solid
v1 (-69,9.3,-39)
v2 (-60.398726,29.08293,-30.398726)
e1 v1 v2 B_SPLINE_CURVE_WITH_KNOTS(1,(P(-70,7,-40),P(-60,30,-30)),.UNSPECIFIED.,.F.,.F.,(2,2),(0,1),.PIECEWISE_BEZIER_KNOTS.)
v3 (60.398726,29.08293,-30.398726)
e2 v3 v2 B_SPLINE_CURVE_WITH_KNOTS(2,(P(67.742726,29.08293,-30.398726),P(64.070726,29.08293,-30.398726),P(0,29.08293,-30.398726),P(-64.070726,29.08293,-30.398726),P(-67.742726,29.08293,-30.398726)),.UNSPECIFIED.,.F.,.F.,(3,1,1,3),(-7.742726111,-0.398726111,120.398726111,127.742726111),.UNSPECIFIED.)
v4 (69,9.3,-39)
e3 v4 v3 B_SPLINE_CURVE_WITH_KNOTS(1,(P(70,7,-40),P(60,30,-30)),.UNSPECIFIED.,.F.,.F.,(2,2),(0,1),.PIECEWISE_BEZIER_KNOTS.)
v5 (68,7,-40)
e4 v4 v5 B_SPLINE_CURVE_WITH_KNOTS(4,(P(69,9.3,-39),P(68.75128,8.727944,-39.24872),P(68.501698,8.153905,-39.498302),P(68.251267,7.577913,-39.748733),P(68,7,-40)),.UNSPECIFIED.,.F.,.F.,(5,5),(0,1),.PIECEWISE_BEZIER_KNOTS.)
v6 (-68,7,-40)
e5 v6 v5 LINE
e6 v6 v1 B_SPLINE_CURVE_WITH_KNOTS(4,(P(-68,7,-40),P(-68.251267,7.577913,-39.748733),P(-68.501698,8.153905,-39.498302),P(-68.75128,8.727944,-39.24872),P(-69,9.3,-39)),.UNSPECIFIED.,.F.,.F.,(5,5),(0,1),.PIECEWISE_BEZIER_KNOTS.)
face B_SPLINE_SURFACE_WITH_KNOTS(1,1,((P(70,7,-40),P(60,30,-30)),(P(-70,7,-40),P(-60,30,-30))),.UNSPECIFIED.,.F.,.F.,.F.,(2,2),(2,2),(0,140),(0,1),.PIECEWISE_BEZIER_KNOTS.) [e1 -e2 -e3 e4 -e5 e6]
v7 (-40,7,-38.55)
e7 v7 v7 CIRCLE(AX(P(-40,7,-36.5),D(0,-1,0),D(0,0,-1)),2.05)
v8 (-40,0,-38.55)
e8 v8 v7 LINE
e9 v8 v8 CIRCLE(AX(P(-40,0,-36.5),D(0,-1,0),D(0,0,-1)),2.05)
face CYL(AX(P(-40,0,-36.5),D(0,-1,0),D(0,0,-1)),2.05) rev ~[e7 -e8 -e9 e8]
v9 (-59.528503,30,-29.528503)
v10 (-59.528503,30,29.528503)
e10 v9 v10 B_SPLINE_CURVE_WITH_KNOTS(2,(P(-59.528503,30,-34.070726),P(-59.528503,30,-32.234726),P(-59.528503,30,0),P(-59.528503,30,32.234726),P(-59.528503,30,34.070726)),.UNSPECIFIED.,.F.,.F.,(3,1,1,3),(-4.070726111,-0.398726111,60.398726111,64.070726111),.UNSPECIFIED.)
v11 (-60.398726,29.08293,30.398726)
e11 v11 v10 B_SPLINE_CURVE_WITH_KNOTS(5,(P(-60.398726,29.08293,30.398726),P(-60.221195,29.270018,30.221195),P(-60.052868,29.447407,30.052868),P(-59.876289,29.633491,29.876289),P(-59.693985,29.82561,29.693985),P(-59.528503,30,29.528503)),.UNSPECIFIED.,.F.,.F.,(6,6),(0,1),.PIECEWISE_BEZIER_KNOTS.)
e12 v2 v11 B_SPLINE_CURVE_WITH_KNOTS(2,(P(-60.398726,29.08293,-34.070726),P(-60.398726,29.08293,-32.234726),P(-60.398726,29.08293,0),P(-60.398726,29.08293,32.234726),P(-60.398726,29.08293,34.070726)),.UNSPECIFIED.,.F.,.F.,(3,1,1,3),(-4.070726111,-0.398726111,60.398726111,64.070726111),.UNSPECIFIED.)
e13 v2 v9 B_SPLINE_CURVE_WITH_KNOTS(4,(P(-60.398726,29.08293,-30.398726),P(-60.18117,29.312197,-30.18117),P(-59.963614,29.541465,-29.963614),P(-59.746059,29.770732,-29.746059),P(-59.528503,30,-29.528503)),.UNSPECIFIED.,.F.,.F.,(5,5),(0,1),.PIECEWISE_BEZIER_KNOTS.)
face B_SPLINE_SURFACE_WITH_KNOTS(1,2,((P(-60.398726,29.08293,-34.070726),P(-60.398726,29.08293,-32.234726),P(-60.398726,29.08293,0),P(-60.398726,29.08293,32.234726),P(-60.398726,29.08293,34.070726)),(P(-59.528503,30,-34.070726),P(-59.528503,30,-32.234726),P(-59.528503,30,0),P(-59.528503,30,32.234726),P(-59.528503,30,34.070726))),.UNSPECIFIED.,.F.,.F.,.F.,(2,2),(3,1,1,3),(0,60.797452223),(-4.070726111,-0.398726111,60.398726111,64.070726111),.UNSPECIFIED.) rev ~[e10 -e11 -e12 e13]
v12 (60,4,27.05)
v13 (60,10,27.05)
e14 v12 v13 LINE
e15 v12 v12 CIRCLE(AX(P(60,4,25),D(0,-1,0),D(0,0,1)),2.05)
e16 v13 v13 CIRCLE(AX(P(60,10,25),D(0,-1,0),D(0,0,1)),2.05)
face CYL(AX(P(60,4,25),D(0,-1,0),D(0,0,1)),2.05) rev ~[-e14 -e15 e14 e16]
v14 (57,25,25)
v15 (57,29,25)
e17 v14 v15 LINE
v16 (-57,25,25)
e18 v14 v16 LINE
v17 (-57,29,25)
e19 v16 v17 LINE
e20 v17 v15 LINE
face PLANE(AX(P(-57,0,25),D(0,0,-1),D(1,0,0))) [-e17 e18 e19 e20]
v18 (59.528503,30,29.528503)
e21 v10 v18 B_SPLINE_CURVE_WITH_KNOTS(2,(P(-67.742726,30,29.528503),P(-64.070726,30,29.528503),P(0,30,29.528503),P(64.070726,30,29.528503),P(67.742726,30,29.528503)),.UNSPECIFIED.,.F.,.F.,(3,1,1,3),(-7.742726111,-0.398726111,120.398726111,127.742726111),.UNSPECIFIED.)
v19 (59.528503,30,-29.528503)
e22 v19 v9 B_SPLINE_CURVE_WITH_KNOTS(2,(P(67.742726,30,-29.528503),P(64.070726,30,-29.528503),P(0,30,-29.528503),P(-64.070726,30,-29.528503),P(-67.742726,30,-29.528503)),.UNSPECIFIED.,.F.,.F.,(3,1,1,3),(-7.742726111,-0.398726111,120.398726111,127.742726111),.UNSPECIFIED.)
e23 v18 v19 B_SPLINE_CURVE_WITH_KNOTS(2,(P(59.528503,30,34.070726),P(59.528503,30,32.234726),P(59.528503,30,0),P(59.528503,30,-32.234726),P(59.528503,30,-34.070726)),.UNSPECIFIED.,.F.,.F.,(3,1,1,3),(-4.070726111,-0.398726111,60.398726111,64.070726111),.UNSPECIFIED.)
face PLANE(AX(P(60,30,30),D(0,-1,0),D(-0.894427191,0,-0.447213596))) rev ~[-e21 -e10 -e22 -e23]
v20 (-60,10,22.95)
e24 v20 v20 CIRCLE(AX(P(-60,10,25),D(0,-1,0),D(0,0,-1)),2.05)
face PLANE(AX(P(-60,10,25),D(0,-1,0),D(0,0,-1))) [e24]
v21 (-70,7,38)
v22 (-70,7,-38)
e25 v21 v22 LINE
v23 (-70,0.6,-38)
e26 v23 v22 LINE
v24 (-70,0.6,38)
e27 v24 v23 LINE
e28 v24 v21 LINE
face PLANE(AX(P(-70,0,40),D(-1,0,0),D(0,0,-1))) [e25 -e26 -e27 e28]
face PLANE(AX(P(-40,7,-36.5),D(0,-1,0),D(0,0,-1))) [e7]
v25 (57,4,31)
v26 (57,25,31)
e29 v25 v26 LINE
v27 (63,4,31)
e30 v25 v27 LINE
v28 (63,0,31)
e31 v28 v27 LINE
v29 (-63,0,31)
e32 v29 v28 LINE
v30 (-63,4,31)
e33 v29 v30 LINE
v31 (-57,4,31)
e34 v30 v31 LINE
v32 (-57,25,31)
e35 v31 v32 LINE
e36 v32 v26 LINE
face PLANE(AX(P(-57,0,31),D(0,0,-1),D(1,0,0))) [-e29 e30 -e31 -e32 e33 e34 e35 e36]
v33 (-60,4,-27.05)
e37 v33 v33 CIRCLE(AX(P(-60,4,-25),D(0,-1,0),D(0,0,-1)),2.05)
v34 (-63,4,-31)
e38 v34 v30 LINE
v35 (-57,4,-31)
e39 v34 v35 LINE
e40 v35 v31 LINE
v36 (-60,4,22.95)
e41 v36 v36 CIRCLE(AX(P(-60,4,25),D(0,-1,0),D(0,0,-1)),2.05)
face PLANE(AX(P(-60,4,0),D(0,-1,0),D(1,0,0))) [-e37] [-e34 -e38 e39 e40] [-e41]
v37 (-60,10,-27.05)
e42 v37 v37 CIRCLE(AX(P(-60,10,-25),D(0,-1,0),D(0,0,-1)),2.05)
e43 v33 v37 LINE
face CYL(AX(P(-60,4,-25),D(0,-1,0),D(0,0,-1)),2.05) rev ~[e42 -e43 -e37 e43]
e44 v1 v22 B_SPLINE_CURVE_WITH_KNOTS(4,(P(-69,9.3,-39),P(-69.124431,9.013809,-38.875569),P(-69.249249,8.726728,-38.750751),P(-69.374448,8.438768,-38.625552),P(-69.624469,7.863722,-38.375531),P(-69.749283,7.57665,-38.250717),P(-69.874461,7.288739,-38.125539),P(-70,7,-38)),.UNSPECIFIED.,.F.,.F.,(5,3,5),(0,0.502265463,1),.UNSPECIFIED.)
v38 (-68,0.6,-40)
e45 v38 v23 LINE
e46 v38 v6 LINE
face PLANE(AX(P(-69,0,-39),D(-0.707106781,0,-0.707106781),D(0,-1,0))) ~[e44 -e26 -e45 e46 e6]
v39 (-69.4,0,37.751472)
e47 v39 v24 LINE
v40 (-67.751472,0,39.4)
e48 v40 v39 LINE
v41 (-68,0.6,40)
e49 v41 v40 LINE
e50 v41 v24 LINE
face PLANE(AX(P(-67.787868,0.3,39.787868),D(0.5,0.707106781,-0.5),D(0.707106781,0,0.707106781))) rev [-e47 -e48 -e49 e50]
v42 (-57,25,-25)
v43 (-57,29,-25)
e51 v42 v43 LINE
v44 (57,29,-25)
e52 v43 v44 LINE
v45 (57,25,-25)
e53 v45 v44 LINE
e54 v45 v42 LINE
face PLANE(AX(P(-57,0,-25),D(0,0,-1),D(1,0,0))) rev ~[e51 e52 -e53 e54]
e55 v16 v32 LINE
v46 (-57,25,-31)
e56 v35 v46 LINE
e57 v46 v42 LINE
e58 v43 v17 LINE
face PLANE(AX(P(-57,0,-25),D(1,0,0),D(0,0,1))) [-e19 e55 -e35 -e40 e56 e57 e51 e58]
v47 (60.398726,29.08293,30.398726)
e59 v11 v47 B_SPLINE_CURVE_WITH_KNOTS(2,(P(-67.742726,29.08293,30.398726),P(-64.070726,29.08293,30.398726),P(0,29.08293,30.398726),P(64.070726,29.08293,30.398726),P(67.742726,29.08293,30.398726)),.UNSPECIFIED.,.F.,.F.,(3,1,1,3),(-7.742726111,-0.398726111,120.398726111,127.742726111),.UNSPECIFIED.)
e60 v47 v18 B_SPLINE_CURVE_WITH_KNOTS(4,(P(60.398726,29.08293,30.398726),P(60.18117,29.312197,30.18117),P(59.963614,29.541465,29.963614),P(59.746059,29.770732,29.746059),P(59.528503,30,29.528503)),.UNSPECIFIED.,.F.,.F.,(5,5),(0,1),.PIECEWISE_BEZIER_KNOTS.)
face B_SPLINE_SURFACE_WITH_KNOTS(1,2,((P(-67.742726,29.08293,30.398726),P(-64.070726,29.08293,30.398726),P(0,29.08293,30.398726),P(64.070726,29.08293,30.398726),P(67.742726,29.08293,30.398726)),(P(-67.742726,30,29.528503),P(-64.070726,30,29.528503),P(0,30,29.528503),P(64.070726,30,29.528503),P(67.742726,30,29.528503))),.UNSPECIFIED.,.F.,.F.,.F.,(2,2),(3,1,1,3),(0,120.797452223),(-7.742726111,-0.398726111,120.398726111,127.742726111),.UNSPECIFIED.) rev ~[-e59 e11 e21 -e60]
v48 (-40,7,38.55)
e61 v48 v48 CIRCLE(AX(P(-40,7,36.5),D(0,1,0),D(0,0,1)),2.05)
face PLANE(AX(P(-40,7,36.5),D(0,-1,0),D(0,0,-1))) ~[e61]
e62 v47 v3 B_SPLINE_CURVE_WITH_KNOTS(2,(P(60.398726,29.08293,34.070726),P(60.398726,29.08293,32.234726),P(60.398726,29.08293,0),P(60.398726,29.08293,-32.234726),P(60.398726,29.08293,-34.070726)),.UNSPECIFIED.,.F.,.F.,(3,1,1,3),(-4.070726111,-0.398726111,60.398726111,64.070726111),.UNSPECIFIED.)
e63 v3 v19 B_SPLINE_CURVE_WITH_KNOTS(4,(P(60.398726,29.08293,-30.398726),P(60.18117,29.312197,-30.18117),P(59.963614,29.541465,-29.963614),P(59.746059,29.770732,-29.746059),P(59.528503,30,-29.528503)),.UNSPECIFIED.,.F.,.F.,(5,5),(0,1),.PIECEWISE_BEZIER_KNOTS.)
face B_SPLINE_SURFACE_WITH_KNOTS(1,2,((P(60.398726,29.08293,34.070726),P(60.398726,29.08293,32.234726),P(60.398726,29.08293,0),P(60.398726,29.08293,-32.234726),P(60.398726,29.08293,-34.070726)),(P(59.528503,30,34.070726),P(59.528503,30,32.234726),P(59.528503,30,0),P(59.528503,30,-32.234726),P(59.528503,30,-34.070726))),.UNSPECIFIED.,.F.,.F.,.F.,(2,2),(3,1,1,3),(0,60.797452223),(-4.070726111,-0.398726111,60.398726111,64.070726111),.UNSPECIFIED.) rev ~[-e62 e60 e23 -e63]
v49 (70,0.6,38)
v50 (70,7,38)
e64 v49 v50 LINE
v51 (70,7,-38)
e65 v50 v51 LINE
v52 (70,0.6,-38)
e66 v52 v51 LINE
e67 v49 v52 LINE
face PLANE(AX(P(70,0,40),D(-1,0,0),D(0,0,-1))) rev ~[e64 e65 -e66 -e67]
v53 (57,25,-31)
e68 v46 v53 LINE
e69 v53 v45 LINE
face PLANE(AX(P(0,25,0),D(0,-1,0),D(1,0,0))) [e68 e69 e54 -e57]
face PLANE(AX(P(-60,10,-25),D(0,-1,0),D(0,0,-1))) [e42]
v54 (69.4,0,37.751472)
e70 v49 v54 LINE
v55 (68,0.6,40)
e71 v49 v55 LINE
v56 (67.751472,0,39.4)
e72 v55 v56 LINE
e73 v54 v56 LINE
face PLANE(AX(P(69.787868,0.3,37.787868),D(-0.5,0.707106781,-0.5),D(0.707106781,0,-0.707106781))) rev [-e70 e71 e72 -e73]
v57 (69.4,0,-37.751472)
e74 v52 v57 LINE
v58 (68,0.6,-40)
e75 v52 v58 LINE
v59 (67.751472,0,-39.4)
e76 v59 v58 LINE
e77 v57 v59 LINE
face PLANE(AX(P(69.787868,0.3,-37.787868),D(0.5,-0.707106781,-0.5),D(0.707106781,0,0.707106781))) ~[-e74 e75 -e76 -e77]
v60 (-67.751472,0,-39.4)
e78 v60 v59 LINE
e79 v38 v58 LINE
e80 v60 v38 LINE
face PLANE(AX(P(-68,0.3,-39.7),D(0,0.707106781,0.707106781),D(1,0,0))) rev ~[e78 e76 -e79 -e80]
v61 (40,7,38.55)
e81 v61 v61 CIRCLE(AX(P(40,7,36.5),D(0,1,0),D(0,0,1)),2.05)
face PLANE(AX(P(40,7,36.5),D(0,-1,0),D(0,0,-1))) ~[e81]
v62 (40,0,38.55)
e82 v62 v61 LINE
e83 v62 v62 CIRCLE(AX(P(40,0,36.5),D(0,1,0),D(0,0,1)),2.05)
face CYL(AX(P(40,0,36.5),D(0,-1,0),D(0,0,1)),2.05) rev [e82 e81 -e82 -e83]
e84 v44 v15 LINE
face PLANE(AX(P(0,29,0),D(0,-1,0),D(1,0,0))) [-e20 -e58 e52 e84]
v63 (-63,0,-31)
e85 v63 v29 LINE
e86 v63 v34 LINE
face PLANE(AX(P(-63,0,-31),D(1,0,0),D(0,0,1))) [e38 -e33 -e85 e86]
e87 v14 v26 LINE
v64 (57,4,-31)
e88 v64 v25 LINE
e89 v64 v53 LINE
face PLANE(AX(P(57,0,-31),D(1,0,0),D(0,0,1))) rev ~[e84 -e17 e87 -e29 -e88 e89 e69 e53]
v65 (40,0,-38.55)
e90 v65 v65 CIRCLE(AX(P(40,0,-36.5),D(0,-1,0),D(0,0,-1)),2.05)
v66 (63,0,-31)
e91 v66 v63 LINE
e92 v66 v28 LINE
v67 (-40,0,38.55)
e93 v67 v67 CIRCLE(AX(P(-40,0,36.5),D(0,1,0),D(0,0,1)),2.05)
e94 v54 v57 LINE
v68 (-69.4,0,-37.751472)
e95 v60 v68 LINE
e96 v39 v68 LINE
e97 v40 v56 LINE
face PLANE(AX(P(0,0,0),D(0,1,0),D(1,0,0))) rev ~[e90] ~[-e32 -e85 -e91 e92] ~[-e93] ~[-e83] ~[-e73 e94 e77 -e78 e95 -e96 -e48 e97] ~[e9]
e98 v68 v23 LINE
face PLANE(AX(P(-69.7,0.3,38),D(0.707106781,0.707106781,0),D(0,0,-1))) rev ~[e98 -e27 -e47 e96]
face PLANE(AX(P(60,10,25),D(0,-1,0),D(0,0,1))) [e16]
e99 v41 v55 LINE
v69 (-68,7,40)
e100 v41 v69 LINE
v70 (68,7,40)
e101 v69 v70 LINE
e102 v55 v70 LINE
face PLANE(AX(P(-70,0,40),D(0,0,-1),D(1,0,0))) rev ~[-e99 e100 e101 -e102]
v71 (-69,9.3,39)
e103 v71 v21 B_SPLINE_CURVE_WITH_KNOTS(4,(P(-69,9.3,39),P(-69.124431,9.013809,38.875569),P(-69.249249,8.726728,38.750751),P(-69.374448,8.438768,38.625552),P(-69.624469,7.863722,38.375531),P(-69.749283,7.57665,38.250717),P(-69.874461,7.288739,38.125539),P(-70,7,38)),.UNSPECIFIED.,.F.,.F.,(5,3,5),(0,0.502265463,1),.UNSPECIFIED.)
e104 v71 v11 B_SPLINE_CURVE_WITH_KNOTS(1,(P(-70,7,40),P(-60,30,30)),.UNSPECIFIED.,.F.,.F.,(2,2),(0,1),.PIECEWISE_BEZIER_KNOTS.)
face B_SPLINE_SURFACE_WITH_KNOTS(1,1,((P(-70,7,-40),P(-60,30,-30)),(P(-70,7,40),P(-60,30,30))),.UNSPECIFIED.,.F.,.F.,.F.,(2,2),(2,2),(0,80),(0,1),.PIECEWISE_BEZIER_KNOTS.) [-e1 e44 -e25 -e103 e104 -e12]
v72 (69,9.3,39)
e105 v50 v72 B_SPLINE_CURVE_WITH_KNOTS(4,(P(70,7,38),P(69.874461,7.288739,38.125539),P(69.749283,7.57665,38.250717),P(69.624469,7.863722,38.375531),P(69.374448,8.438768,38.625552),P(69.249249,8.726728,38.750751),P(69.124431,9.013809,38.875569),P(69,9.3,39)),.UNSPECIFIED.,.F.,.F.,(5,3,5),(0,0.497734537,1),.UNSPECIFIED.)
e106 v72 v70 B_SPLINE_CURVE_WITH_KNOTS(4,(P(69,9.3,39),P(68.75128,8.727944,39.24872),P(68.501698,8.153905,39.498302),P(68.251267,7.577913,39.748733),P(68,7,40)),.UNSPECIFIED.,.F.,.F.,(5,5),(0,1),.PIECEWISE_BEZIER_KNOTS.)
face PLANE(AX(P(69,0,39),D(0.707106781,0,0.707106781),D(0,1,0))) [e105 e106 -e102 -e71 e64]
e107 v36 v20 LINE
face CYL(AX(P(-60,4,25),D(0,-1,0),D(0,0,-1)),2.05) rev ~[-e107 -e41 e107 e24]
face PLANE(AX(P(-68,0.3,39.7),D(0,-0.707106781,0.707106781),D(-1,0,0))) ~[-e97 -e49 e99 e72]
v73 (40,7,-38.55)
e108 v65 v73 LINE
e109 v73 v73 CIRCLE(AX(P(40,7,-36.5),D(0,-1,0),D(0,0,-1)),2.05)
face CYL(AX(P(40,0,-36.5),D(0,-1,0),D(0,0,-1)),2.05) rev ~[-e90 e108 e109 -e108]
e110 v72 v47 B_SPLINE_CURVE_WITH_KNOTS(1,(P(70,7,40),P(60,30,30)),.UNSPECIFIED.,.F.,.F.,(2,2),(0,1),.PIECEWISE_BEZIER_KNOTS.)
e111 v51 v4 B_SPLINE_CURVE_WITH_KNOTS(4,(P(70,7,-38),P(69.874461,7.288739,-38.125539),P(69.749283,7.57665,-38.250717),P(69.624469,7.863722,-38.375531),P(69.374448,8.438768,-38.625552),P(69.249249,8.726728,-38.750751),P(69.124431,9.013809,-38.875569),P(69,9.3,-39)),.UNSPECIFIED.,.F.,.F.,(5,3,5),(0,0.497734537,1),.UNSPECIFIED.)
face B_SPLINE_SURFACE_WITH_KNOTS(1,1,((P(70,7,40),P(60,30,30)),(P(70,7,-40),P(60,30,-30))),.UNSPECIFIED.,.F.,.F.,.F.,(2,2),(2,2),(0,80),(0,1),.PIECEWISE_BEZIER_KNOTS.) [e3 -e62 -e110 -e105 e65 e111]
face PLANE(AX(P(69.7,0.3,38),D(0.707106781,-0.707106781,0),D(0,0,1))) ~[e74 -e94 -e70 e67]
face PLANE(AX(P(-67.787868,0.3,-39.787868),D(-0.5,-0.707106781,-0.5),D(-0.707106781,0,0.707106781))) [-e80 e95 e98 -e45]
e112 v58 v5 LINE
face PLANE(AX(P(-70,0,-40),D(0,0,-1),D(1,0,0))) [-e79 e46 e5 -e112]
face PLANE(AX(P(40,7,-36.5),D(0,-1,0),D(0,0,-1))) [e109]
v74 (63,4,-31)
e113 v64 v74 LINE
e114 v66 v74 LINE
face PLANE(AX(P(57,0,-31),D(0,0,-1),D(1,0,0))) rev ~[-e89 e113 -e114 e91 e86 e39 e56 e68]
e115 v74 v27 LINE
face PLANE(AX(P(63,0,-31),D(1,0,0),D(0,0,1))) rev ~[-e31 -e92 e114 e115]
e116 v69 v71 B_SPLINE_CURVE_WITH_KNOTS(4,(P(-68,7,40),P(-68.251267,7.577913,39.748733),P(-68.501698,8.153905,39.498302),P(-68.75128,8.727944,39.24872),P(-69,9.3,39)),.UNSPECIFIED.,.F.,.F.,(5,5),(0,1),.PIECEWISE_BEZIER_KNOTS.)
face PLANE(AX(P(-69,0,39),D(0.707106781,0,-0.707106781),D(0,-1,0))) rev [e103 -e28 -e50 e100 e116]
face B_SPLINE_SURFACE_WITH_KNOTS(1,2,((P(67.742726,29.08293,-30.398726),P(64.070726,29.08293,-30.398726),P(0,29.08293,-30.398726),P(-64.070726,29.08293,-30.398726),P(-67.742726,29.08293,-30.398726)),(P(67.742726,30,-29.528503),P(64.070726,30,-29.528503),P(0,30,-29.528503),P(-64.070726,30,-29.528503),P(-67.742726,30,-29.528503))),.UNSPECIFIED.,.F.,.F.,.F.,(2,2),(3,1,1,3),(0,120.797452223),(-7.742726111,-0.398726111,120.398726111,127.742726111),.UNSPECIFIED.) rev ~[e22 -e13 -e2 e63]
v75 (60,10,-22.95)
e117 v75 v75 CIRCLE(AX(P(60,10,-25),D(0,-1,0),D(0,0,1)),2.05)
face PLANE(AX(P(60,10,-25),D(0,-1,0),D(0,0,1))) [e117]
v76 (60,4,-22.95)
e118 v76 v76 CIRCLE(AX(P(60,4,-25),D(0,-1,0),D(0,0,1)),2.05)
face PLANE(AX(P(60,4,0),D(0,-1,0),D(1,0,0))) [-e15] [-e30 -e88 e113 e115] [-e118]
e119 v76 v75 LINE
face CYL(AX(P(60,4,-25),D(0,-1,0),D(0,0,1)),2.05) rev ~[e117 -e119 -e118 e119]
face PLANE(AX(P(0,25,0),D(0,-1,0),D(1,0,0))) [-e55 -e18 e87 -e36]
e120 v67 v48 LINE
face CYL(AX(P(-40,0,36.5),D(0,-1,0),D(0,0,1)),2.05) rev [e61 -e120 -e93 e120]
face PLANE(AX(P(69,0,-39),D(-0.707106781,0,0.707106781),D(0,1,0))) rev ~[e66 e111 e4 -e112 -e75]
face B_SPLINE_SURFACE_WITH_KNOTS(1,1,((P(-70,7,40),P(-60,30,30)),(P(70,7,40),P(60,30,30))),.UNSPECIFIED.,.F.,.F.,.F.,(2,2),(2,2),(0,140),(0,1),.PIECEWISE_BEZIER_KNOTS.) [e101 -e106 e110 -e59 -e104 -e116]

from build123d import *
from OCP.BRepFilletAPI import BRepFilletAPI_MakeChamfer

# Parameters (mm, degrees)
SKETCH1_W           = 140
SKETCH1_H           = 80
BOSS_EXTRUDE1_DEPTH = 7
CHAMFER1_SIZE       = 2
SKETCH4_R           = 2.05
CUT_EXTRUDE1_DEPTH  = 7
SKETCH5_W           = 114
SKETCH5_H           = 50
CUT_EXTRUDE2_DEPTH  = 29
SKETCH6_W           = 114
SKETCH6_H           = 62
CUT_EXTRUDE3_DEPTH  = 25
SKETCH7_W           = 6
SKETCH7_H           = 62
CUT_EXTRUDE4_DEPTH  = 4
SKETCH8_R           = 2.05
CUT_EXTRUDE5_DEPTH  = 6
CHAMFER2_SIZE       = 1
CHAMFER2_SIZE2      = 0.471497246
CHAMFER3_SIZE       = 0.6


with BuildPart() as part:
    # Sketch1 → Boss-Extrude1 (new body)
    with BuildSketch(Plane(origin=(0, 0, 0), x_dir=(1, 0, 0), z_dir=(0, 1, 0))):
        Rectangle(SKETCH1_W, SKETCH1_H)
    extrude(amount=BOSS_EXTRUDE1_DEPTH)

    # Sketch3 → Loft2 section 0
    with BuildSketch(Plane(origin=(0, 7, 0), x_dir=(1, 0, 0), z_dir=(0, 1, 0))):
        with BuildLine():
            Line((70, -40), (70, 40))
            Line((70, 40), (-70, 40))
            Line((-70, 40), (-70, -40))
            Line((-70, -40), (70, -40))
        make_face()
    # Sketch2 → Loft2 section 1
    with BuildSketch(Plane(origin=(0, 30, 0), x_dir=(1, 0, 0), z_dir=(0, 1, 0))):
        with BuildLine():
            Line((-60, -30), (60, -30))
            Line((60, -30), (60, 30))
            Line((60, 30), (-60, 30))
            Line((-60, 30), (-60, -30))
        make_face()
    loft()

    # Chamfer1
    chamfer1_edges = [part.edges().sort_by_distance(p)[0] for p in [
        (-70, 3.5, 40),
        (70, 3.5, 40),
        (70, 3.5, -40),
        (-70, 3.5, -40),
    ]]
    chamfer(chamfer1_edges, length=CHAMFER1_SIZE)

    # Sketch4 → Cut-Extrude1 (cut)
    with BuildSketch(Plane.XZ):
        with Locations(Location((40, -36.5, 0), (0, 0, 270))):
            Circle(SKETCH4_R)
        with Locations(Location((-40, -36.5, 0), (0, 0, 270))):
            Circle(SKETCH4_R)
    cut_extrude1 = extrude(amount=-CUT_EXTRUDE1_DEPTH, mode=Mode.SUBTRACT)

    # Sketch5 → Cut-Extrude2 (cut)
    with BuildSketch(Plane.XZ):
        Rectangle(SKETCH5_W, SKETCH5_H)
    extrude(amount=-CUT_EXTRUDE2_DEPTH, mode=Mode.SUBTRACT)

    # Mirror1: Cut-Extrude1 across plane
    add(cut_extrude1.mirror(Plane.XY), mode=Mode.SUBTRACT)

    # Sketch6 → Cut-Extrude3 (cut)
    with BuildSketch(Plane.XZ):
        Rectangle(SKETCH6_W, SKETCH6_H)
    extrude(amount=-CUT_EXTRUDE3_DEPTH, mode=Mode.SUBTRACT)

    # Sketch7 → Cut-Extrude4 (cut)
    with BuildSketch(Plane.XZ):
        with Locations((-60, 0)):
            Rectangle(SKETCH7_W, SKETCH7_H)
        with Locations((60, 0)):
            Rectangle(SKETCH7_W, SKETCH7_H)
    extrude(amount=-CUT_EXTRUDE4_DEPTH, mode=Mode.SUBTRACT)

    # Sketch8 → Cut-Extrude5 (cut)
    with BuildSketch(Plane.XZ.offset(-4)):
        with Locations(Location((-60, 25, 0), (0, 0, 270))):
            Circle(SKETCH8_R)
        with Locations(Location((-60, -25, 0), (0, 0, 270))):
            Circle(SKETCH8_R)
        with Locations(Location((60, -25, 0), (0, 0, 90))):
            Circle(SKETCH8_R)
        with Locations(Location((60, 25, 0), (0, 0, 90))):
            Circle(SKETCH8_R)
    extrude(amount=-CUT_EXTRUDE5_DEPTH, mode=Mode.SUBTRACT)

    # Chamfer2: one chamfer whose edges measure the first distance from different faces: ONE call of the kernel's chamfer builder (chamfer() names one face for all edges)
    chamfer2_edges_1 = [part.edges().sort_by_distance(p)[0] for p in [
        (60, 30, 0),
    ]]
    chamfer2_side_1 = [part.faces().sort_by_distance(p)[0] for p in [
        (65.225405922, 17.98156638, 0),
    ]]
    chamfer2_edges_2 = [part.edges().sort_by_distance(p)[0] for p in [
        (0, 30, -30),
    ]]
    chamfer2_side_2 = [part.faces().sort_by_distance(p)[0] for p in [
        (0, 18.221212121, -35.121212121),
    ]]
    chamfer2_edges_3 = [part.edges().sort_by_distance(p)[0] for p in [
        (-60, 30, 0),
    ]]
    chamfer2_side_3 = [part.faces().sort_by_distance(p)[0] for p in [
        (-65.225405922, 17.98156638, 0),
    ]]
    chamfer2_edges_4 = [part.edges().sort_by_distance(p)[0] for p in [
        (0, 30, 30),
    ]]
    chamfer2_side_4 = [part.faces().sort_by_distance(p)[0] for p in [
        (0, 18.221212121, 35.121212121),
    ]]
    chamfer2 = BRepFilletAPI_MakeChamfer(part.part.solid().wrapped)
    for e in chamfer2_edges_1:
        chamfer2.Add(CHAMFER2_SIZE, CHAMFER2_SIZE2, e.wrapped, chamfer2_side_1[0].wrapped)  # the first distance lies on this face
    for e in chamfer2_edges_2:
        chamfer2.Add(CHAMFER2_SIZE, CHAMFER2_SIZE2, e.wrapped, chamfer2_side_2[0].wrapped)  # the first distance lies on this face
    for e in chamfer2_edges_3:
        chamfer2.Add(CHAMFER2_SIZE, CHAMFER2_SIZE2, e.wrapped, chamfer2_side_3[0].wrapped)  # the first distance lies on this face
    for e in chamfer2_edges_4:
        chamfer2.Add(CHAMFER2_SIZE, CHAMFER2_SIZE2, e.wrapped, chamfer2_side_4[0].wrapped)  # the first distance lies on this face
    add(Compound.cast(chamfer2.Shape()), mode=Mode.REPLACE)

    # Chamfer3
    chamfer3_edges = [part.edges().sort_by_distance(p)[0] for p in [
        (0, 0, 40),
        (70, 0, 0),
        (-70, 0, 0),
        (0, 0, -40),
        (-69, 0, -39),
        (69, 0, -39),
        (69, 0, 39),
        (-69, 0, 39),
    ]]
    chamfer(chamfer3_edges, length=CHAMFER3_SIZE)


solid = part.part
